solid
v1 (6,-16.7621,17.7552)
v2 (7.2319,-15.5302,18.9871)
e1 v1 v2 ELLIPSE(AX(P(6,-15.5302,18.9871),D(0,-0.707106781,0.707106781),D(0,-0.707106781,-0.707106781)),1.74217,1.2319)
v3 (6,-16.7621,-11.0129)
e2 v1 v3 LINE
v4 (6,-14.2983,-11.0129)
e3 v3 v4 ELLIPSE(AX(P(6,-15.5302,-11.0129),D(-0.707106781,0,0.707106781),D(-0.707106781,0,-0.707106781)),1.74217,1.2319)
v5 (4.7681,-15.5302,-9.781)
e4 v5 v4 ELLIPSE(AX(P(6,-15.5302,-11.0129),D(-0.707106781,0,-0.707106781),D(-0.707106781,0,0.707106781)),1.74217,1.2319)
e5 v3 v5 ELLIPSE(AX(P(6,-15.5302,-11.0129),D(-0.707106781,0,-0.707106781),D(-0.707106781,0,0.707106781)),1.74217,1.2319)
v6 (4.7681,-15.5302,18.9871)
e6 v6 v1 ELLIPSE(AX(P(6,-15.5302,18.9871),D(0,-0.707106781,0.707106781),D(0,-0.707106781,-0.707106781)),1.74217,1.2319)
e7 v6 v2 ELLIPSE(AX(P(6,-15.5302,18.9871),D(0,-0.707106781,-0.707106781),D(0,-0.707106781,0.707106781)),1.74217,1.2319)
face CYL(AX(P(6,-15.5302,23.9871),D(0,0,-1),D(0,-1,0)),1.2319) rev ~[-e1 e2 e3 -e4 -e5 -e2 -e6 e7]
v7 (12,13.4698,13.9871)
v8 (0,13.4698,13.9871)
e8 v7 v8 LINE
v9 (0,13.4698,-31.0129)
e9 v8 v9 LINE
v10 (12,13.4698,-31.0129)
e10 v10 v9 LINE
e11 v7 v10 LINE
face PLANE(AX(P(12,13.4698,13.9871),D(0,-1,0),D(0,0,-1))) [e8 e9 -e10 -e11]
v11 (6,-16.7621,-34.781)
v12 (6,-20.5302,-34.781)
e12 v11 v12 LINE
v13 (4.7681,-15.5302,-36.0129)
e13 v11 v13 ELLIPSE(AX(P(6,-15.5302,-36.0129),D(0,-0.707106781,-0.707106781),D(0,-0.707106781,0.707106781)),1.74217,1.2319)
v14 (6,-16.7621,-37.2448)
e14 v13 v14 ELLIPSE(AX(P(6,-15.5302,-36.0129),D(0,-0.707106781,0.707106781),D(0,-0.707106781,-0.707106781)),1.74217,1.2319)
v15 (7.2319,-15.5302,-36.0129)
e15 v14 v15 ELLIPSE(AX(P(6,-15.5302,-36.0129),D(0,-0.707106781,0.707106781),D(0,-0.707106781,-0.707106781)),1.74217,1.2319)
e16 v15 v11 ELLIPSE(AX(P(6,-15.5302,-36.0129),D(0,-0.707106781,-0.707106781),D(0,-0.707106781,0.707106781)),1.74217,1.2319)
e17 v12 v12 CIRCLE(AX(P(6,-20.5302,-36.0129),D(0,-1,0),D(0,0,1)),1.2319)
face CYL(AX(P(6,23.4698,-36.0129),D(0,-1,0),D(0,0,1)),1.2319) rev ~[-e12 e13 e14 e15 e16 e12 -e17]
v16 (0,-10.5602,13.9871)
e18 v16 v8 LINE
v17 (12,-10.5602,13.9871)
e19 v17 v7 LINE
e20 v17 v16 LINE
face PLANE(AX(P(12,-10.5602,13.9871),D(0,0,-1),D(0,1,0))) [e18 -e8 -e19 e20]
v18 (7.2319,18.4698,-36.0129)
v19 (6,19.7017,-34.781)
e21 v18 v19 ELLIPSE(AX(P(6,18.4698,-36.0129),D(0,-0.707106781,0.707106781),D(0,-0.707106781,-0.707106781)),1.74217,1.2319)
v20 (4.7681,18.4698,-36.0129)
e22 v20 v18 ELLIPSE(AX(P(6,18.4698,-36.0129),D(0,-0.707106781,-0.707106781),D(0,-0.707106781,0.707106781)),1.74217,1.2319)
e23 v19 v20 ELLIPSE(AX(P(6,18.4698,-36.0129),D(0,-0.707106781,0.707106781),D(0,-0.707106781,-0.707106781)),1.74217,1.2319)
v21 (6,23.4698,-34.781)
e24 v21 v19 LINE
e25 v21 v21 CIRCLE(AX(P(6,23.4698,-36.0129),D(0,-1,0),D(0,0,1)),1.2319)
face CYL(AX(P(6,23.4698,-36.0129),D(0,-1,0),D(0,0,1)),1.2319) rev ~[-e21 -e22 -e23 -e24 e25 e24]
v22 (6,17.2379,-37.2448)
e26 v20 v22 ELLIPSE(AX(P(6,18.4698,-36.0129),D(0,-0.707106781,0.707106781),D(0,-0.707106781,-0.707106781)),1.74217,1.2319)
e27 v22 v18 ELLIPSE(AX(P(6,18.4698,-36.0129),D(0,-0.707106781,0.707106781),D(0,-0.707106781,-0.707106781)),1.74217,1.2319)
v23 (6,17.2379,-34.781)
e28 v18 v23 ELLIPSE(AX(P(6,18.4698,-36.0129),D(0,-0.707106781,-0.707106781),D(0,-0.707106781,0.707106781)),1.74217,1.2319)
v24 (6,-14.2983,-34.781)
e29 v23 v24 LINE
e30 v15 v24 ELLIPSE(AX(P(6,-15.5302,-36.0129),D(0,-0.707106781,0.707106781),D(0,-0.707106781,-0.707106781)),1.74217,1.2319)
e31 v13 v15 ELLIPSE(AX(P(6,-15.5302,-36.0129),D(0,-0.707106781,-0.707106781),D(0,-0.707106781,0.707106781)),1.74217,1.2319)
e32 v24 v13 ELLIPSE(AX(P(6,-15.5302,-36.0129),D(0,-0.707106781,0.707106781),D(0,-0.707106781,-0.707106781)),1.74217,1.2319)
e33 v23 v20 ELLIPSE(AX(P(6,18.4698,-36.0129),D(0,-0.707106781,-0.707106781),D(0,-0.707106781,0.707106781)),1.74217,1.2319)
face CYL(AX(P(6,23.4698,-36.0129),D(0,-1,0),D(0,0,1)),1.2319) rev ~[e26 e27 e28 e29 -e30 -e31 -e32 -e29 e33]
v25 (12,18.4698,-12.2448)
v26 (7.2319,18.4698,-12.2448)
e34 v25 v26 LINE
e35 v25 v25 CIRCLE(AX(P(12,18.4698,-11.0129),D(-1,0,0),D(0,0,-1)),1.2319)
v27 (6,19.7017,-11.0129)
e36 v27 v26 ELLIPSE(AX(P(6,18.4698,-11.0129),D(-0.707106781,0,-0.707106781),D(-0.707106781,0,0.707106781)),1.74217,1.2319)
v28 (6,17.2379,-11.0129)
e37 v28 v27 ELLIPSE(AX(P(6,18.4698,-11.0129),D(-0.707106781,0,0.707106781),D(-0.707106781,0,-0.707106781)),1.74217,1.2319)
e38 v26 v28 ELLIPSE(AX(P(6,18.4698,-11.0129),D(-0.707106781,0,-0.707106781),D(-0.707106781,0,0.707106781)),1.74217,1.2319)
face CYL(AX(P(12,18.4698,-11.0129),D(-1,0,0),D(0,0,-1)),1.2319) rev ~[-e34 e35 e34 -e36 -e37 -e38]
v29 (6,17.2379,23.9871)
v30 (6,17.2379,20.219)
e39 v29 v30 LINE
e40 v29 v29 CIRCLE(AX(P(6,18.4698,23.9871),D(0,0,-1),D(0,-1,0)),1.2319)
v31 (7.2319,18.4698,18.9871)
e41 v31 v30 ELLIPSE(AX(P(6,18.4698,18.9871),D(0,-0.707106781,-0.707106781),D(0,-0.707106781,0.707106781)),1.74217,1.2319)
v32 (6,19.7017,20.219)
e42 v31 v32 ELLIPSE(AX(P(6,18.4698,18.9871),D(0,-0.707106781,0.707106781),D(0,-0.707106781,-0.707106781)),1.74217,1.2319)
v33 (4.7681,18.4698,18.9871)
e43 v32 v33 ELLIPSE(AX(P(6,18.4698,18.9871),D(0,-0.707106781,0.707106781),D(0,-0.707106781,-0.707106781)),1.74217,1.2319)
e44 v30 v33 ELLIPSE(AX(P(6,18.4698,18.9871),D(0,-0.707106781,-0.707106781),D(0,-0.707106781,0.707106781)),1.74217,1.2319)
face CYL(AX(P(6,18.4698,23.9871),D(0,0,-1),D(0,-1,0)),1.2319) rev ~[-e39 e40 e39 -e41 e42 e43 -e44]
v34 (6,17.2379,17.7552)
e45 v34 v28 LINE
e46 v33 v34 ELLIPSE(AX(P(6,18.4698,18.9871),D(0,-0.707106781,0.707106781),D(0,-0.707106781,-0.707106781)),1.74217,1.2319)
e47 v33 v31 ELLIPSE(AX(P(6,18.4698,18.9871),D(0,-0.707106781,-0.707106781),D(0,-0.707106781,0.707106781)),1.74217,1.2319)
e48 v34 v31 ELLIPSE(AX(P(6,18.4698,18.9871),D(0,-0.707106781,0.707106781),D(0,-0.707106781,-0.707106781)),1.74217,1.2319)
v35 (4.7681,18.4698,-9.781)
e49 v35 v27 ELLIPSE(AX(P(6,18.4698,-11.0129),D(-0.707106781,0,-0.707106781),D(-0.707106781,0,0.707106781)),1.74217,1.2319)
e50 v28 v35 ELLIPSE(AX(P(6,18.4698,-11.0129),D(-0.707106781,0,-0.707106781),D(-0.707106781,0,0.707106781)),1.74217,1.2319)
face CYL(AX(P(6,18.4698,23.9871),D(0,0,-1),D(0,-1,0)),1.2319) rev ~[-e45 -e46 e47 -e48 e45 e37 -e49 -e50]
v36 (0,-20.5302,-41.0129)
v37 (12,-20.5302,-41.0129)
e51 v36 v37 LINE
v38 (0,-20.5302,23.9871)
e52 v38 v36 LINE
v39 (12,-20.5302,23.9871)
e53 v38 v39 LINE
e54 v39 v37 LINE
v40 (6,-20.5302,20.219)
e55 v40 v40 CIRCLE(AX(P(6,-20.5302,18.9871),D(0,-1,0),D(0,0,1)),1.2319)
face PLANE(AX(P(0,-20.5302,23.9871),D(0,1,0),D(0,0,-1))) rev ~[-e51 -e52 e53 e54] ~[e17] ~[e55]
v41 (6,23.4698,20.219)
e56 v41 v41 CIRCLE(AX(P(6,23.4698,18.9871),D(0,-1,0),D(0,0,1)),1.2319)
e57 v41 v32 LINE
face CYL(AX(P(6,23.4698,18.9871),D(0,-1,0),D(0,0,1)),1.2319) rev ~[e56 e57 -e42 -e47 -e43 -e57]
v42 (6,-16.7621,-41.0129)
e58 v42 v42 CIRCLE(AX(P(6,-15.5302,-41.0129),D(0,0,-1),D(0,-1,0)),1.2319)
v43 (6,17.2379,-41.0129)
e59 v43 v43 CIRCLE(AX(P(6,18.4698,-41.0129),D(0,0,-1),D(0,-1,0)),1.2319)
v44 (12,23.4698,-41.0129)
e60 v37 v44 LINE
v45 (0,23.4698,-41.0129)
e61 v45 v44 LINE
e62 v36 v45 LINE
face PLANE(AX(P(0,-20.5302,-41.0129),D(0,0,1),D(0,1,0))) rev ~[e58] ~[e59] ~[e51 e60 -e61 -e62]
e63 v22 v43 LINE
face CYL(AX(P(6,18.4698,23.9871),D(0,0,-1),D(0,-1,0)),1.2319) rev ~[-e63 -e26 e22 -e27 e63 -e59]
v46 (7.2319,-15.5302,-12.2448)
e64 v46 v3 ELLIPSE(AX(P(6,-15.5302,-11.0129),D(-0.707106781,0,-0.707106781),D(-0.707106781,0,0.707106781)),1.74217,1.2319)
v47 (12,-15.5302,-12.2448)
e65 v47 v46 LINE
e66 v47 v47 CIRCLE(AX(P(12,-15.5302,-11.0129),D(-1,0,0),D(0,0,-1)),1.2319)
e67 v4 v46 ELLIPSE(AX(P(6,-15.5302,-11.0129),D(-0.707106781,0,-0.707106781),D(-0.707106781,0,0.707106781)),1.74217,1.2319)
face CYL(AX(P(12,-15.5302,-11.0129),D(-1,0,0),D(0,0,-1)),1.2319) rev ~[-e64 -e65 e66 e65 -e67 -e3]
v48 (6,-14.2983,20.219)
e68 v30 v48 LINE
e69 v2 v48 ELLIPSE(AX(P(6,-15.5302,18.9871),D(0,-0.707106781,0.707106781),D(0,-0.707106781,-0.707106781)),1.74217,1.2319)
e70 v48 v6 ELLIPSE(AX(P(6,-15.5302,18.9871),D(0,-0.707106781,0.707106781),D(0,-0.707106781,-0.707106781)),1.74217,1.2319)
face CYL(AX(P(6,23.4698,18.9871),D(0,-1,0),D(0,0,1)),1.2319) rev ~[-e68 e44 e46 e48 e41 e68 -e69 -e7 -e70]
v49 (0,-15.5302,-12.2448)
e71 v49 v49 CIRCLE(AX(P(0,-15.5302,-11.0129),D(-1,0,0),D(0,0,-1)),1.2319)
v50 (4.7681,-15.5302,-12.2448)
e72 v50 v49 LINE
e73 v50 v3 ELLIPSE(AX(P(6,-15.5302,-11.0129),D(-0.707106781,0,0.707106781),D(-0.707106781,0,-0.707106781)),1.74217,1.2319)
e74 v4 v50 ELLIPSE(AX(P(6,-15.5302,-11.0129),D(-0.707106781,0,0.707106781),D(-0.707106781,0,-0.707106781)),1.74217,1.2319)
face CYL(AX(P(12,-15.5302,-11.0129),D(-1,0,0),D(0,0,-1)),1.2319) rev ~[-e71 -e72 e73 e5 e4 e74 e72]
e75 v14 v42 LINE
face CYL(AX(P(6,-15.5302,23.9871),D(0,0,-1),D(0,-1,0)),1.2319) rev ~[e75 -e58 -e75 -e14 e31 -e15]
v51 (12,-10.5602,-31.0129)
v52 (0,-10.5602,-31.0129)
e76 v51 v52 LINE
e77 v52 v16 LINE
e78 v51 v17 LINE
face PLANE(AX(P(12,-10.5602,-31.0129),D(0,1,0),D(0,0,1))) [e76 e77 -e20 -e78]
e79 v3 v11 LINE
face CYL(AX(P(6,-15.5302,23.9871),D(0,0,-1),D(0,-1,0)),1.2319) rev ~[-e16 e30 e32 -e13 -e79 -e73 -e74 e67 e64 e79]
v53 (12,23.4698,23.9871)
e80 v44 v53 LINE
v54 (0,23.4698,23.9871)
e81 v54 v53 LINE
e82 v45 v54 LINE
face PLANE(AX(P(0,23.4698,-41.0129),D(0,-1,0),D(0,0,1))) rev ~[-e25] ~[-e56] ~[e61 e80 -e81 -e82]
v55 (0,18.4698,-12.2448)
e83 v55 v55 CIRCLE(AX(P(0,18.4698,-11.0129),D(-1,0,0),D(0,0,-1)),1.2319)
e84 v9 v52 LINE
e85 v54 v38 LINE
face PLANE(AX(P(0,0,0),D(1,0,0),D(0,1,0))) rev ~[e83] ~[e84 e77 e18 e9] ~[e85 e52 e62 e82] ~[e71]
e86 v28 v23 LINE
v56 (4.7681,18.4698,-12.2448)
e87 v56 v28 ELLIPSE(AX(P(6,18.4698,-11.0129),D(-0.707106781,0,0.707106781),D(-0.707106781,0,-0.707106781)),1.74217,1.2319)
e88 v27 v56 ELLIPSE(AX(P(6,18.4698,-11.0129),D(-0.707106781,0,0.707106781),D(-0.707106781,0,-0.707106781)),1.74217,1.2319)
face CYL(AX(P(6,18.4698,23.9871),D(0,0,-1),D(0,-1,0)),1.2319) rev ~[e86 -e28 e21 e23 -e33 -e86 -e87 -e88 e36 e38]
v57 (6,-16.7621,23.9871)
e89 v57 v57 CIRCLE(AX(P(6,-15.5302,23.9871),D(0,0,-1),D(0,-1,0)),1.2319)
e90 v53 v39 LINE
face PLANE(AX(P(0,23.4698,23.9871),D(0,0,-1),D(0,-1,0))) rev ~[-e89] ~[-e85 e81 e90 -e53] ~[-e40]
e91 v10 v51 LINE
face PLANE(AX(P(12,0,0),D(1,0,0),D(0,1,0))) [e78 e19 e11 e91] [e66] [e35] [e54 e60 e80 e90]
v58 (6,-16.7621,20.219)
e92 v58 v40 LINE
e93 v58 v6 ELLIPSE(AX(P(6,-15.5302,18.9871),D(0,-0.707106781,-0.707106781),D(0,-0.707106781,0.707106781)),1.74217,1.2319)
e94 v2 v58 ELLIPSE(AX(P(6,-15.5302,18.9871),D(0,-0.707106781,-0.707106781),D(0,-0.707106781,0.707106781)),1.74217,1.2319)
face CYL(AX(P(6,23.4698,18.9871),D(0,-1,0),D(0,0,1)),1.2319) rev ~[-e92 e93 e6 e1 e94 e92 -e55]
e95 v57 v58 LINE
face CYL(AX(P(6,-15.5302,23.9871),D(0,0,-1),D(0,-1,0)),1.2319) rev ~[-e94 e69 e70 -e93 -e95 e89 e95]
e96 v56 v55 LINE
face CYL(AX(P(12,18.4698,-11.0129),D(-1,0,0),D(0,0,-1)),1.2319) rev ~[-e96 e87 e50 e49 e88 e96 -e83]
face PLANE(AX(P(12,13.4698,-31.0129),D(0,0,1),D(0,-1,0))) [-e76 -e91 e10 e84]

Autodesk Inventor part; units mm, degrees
ref_plane "YZ Plane" through (0, 0, 0) normal (1, 0, 0) x (0, 1, 0)
ref_plane "XZ Plane" through (0, 0, 0) normal (0, 1, 0) x (-1, 0, 0)
ref_plane "XY Plane" through (0, 0, 0) normal (0, 0, 1) x (1, 0, 0)
sketch "Sketch1" plane through (0, 0, 0) normal (1, 0, 0) x (0, 1, 0)
  line L0 (23.4698, 23.9871) -> (-20.5302, 23.9871)
  line L1 (-20.5302, 23.9871) -> (-20.5302, -41.0129)
  line L2 (-20.5302, -41.0129) -> (23.4698, -41.0129)
  line L3 (23.4698, -41.0129) -> (23.4698, 23.9871)
  point P0 (0, 0)
  dimension "d0" = 44
  dimension "d1" = 65
extrude "Extrusion1" add sketch "Sketch1" along normal blind 12
sketch "Sketch2" plane through (12, 0, 0) normal (1, 0, 0) x (0, 0, -1)
  line L0 (-13.9871, 13.4698) -> (31.0129, 13.4698)
  line L1 (31.0129, 13.4698) -> (31.0129, -10.5602)
  line L2 (31.0129, -10.5602) -> (-13.9871, -10.5602)
  line L3 (-13.9871, -10.5602) -> (-13.9871, 13.4698)
  line L4 (41.0129, 23.4698) -> (-23.9871, 23.4698) projected
  line L5 (-23.9871, 23.4698) -> (-23.9871, -20.5302) projected
  point P0 (0, 0)
  dimension "d4" = 24.03
  dimension "d5" = 10
  dimension "d6" = 10
  dimension "d7" = 45
extrude "Extrusion2" cut sketch "Sketch2" against normal blind 50.1
sketch "Sketch3" plane through (12, 0, 0) normal (1, 0, 0) x (0, 0, -1)
  line L0 (-23.9871, -20.5302) -> (41.0129, -20.5302) projected
  line L1 (41.0129, 23.4698) -> (-23.9871, 23.4698) projected
  line L2 (41.0129, -20.5302) -> (41.0129, 23.4698) projected
  point P0 (0, 0)
  point P1 (11.0129, 18.4698)
  point P2 (11.0129, -15.5302)
  dimension "d10" = 0
  dimension "d11" = 5
  dimension "d12" = 5
  dimension "d13" = 30
hole "Hole1" at (12, 18.4698, -11.0129) at (12, -15.5302, -11.0129) direction (-1, 0, 0) diameter 2.4638 end through all
sketch "Sketch4" plane through (0, 23.4698, 23.9871) normal (0, 1, 0) x (1, 0, 0)
  line L0 (0, 0) -> (12, 0) projected
  line L1 (0, 65) -> (12, 65) projected
  line L2 (0, 65) -> (0, 0) projected
  point P0 (0, 23.9871)
  point P1 (6, 5)
  point P2 (6, 60)
  dimension "d21" = 0
  dimension "d22" = 5
  dimension "d23" = 5
  dimension "d24" = 6
hole "Hole2" at (6, 23.4698, 18.9871) at (6, 23.4698, -36.0129) direction (0, -1, 0) diameter 2.4638 end through all
sketch "Sketch5" plane through (0, -20.5302, 23.9871) normal (0, 0, 1) x (1, 0, 0)
  line L0 (0, 44) -> (12, 44) projected
  line L1 (0, 0) -> (12, 0) projected
  line L2 (0, 44) -> (0, 0) projected
  point P0 (0, 20.5302)
  point P1 (6, 5)
  point P2 (6, 39)
  dimension "d32" = 0
  dimension "d33" = 5
  dimension "d34" = 5
  dimension "d35" = 6
hole "Hole3" at (6, -15.5302, 23.9871) at (6, 18.4698, 23.9871) direction (0, 0, -1) diameter 2.4638 end through all
properties part number "LidarV4Mount"
